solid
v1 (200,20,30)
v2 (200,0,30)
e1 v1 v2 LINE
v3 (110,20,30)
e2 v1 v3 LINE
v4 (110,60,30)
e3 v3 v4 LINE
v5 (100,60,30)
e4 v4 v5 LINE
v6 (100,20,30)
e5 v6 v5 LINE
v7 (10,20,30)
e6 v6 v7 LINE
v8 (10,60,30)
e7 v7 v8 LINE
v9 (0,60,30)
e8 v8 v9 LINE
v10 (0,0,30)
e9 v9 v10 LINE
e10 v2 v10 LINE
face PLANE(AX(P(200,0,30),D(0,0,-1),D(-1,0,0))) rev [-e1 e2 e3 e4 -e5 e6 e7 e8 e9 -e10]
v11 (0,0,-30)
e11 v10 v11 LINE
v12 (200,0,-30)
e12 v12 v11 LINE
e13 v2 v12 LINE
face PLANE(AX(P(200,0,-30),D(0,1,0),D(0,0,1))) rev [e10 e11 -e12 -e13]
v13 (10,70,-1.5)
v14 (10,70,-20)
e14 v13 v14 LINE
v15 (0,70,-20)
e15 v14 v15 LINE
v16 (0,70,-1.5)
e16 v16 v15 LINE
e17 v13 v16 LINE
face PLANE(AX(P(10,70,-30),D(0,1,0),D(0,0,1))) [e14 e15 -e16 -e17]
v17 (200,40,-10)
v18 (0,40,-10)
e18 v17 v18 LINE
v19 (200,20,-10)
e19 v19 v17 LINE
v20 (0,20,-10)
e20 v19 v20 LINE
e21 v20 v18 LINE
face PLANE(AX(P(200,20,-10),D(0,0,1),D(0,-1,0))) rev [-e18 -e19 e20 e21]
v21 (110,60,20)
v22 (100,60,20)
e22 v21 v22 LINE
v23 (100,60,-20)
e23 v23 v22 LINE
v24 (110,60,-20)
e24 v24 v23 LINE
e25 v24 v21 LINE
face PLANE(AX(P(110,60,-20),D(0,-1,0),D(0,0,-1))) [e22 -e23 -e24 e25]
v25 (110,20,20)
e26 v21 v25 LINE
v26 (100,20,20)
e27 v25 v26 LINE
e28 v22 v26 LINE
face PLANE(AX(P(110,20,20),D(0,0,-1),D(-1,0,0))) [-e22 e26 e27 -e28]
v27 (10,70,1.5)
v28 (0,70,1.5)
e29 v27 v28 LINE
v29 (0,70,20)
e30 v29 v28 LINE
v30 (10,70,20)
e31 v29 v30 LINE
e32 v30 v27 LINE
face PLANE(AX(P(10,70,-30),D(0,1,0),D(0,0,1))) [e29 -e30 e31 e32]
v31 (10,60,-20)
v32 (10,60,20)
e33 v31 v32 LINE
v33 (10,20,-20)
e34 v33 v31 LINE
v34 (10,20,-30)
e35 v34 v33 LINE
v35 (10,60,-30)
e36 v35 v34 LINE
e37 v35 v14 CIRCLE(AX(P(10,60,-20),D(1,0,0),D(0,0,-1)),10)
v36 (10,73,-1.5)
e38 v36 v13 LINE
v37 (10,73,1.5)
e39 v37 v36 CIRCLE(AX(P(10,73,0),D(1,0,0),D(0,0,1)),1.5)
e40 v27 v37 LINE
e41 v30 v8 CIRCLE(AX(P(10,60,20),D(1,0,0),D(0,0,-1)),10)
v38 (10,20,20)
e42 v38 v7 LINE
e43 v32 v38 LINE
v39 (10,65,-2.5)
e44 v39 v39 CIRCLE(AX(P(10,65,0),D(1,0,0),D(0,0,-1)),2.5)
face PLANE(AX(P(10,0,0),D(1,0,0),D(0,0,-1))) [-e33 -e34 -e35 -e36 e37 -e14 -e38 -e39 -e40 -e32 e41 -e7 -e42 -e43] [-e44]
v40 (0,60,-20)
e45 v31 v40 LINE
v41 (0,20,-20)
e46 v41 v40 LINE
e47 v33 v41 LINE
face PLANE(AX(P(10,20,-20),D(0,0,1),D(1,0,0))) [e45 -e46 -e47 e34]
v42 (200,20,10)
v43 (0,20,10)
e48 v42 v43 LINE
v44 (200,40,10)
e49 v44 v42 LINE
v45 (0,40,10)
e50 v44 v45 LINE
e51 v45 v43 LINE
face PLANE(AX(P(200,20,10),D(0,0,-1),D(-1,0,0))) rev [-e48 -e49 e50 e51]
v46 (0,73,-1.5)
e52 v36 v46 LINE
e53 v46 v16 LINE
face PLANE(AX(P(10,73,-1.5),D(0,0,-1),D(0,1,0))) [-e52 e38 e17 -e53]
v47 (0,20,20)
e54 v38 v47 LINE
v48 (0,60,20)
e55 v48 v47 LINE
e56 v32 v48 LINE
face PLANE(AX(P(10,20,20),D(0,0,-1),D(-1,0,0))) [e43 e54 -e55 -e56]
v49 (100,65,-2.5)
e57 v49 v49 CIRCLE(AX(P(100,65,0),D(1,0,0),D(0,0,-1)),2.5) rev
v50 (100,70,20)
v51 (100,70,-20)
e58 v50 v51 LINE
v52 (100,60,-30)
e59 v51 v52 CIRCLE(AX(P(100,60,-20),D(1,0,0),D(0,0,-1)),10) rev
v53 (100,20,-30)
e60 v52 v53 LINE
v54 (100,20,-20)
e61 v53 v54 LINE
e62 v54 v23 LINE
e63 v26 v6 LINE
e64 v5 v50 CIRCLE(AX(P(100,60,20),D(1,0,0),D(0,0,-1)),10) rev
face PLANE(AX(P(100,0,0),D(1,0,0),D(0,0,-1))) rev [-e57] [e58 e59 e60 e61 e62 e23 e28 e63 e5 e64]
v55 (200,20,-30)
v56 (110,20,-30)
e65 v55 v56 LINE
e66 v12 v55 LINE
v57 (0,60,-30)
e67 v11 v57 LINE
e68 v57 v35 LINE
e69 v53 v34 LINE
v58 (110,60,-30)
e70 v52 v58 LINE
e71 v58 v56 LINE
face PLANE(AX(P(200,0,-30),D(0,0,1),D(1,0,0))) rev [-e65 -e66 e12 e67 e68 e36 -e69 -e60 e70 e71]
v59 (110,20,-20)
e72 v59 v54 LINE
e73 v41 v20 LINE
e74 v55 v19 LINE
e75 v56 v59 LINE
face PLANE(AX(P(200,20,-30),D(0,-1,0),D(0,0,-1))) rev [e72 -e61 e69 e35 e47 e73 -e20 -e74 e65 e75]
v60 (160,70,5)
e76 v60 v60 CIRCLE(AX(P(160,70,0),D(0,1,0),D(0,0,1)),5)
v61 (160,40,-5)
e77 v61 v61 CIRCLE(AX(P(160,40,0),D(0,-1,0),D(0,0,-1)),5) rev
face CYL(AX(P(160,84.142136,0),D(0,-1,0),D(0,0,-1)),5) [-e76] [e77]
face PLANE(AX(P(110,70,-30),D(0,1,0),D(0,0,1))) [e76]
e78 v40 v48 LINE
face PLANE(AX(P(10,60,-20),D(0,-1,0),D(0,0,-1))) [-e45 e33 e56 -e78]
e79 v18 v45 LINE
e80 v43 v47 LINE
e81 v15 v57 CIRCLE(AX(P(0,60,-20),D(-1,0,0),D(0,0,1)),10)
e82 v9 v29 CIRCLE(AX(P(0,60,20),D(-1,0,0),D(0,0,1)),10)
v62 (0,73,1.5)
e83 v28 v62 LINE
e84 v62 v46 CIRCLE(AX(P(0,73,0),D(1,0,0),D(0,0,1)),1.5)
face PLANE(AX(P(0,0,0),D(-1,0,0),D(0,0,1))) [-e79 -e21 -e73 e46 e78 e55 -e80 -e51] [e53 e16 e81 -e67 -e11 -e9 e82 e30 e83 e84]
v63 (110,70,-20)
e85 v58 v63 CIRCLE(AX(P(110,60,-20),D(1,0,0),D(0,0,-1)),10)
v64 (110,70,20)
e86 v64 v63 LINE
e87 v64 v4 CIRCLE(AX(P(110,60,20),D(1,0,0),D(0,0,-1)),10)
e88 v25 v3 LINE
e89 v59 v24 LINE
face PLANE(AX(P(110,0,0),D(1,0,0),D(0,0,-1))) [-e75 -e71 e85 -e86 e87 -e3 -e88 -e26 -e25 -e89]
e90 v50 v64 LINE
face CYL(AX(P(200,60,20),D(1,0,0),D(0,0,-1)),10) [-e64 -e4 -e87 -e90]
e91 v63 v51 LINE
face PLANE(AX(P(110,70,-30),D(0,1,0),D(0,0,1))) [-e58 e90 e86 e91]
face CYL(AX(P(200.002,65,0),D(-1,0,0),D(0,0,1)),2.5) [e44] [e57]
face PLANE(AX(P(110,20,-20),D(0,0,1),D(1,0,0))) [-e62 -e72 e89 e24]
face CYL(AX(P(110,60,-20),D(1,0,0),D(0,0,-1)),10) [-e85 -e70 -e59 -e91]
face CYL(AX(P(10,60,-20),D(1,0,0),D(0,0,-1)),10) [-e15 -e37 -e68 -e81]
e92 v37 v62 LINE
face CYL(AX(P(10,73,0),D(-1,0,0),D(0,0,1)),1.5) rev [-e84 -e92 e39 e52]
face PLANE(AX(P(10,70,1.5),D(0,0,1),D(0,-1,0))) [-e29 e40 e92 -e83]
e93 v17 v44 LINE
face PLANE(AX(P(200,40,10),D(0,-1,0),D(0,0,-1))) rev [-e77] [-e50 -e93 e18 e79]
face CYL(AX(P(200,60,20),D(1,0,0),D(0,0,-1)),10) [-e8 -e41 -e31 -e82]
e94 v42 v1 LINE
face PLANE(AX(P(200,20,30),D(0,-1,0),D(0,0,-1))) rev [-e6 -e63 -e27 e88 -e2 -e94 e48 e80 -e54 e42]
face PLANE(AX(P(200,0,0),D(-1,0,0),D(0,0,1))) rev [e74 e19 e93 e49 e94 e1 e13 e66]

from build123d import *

# Parameters (mm, degrees)
EXTRUDE_1_DEPTH = 200
EXTRUDE_2_DEPTH = 10
EXTRUDE_3_DEPTH = 10
FILLET_1_R      = 10
EXTRUDE_4_REACH = 206.695
SKETCH_4_R      = 2.5
SKETCH_5_R      = 5
EXTRUDE_5_DEPTH = 30
EXTRUDE_6_DEPTH = 10


with BuildPart() as part:
    # 스케치1 → 보스-돌출1 (new body)
    with BuildSketch(Plane(origin=(0, 0, 0), x_dir=(0, 0, -1), z_dir=(1, 0, 0))):
        Polygon((30, 0), (-30, 0), (-30, 20), (-10, 20), (-10, 40), (10, 40), (10, 20), (30, 20), align=None)
    extrude(amount=EXTRUDE_1_DEPTH)

    # 스케치2 → 보스-돌출2 (add)
    with BuildSketch(Plane.ZY):
        Polygon((-30, 20), (-20, 20), (-20, 60), (20, 60), (20, 20), (30, 20), (30, 70), (-30, 70), align=None)
    extrude(amount=-EXTRUDE_2_DEPTH)

    # 스케치3 → 보스-돌출3 (add)
    with BuildSketch(Plane.ZY.offset(-100)):
        Polygon((20, 20), (30, 20), (30, 70), (-30, 70), (-30, 20), (-20, 20), (-20, 60), (20, 60), align=None)
    extrude(amount=-EXTRUDE_3_DEPTH)

    # 필렛1
    fillet_1_edges = [part.edges().sort_by_distance(p)[0] for p in [
        (5, 70, -30),
        (5, 70, 30),
        (105, 70, -30),
        (105, 70, 30),
    ]]
    fillet(fillet_1_edges, radius=FILLET_1_R)

    # 스케치4 → 보스-돌출4 (add, up to next)
    with BuildSketch(Plane(origin=(10, 0, 0), x_dir=(0, 0, -1), z_dir=(1, 0, 0)), mode=Mode.PRIVATE) as extrude_4_sk1:
        with Locations((0, 65)):
            Circle(SKETCH_4_R)
    extrude_4_tool1 = extrude(extrude_4_sk1.sketch, amount=EXTRUDE_4_REACH, mode=Mode.PRIVATE) - part.part
    add(extrude_4_tool1.solids().sort_by_distance((10, 65, 0))[0])

    # 스케치5 → 보스-돌출5 (add)
    with BuildSketch(Plane(origin=(0, 40, 0), x_dir=(1, 0, 0), z_dir=(0, 1, 0))):
        with Locations(Location((160, 0, 0), (0, 0, 90))):
            Circle(SKETCH_5_R)
    extrude(amount=EXTRUDE_5_DEPTH)

    # 스케치6 → 보스-돌출6 (add)
    with BuildSketch(Plane.ZY):
        with BuildLine():
            Line((-1.5, 73), (-1.5, 70))
            Line((-1.5, 70), (1.5, 70))
            Line((1.5, 70), (1.5, 73))
            ThreePointArc((1.5, 73), (0, 71.5), (-1.5, 73))
        make_face()
    extrude(amount=-EXTRUDE_6_DEPTH)


solid = part.part
